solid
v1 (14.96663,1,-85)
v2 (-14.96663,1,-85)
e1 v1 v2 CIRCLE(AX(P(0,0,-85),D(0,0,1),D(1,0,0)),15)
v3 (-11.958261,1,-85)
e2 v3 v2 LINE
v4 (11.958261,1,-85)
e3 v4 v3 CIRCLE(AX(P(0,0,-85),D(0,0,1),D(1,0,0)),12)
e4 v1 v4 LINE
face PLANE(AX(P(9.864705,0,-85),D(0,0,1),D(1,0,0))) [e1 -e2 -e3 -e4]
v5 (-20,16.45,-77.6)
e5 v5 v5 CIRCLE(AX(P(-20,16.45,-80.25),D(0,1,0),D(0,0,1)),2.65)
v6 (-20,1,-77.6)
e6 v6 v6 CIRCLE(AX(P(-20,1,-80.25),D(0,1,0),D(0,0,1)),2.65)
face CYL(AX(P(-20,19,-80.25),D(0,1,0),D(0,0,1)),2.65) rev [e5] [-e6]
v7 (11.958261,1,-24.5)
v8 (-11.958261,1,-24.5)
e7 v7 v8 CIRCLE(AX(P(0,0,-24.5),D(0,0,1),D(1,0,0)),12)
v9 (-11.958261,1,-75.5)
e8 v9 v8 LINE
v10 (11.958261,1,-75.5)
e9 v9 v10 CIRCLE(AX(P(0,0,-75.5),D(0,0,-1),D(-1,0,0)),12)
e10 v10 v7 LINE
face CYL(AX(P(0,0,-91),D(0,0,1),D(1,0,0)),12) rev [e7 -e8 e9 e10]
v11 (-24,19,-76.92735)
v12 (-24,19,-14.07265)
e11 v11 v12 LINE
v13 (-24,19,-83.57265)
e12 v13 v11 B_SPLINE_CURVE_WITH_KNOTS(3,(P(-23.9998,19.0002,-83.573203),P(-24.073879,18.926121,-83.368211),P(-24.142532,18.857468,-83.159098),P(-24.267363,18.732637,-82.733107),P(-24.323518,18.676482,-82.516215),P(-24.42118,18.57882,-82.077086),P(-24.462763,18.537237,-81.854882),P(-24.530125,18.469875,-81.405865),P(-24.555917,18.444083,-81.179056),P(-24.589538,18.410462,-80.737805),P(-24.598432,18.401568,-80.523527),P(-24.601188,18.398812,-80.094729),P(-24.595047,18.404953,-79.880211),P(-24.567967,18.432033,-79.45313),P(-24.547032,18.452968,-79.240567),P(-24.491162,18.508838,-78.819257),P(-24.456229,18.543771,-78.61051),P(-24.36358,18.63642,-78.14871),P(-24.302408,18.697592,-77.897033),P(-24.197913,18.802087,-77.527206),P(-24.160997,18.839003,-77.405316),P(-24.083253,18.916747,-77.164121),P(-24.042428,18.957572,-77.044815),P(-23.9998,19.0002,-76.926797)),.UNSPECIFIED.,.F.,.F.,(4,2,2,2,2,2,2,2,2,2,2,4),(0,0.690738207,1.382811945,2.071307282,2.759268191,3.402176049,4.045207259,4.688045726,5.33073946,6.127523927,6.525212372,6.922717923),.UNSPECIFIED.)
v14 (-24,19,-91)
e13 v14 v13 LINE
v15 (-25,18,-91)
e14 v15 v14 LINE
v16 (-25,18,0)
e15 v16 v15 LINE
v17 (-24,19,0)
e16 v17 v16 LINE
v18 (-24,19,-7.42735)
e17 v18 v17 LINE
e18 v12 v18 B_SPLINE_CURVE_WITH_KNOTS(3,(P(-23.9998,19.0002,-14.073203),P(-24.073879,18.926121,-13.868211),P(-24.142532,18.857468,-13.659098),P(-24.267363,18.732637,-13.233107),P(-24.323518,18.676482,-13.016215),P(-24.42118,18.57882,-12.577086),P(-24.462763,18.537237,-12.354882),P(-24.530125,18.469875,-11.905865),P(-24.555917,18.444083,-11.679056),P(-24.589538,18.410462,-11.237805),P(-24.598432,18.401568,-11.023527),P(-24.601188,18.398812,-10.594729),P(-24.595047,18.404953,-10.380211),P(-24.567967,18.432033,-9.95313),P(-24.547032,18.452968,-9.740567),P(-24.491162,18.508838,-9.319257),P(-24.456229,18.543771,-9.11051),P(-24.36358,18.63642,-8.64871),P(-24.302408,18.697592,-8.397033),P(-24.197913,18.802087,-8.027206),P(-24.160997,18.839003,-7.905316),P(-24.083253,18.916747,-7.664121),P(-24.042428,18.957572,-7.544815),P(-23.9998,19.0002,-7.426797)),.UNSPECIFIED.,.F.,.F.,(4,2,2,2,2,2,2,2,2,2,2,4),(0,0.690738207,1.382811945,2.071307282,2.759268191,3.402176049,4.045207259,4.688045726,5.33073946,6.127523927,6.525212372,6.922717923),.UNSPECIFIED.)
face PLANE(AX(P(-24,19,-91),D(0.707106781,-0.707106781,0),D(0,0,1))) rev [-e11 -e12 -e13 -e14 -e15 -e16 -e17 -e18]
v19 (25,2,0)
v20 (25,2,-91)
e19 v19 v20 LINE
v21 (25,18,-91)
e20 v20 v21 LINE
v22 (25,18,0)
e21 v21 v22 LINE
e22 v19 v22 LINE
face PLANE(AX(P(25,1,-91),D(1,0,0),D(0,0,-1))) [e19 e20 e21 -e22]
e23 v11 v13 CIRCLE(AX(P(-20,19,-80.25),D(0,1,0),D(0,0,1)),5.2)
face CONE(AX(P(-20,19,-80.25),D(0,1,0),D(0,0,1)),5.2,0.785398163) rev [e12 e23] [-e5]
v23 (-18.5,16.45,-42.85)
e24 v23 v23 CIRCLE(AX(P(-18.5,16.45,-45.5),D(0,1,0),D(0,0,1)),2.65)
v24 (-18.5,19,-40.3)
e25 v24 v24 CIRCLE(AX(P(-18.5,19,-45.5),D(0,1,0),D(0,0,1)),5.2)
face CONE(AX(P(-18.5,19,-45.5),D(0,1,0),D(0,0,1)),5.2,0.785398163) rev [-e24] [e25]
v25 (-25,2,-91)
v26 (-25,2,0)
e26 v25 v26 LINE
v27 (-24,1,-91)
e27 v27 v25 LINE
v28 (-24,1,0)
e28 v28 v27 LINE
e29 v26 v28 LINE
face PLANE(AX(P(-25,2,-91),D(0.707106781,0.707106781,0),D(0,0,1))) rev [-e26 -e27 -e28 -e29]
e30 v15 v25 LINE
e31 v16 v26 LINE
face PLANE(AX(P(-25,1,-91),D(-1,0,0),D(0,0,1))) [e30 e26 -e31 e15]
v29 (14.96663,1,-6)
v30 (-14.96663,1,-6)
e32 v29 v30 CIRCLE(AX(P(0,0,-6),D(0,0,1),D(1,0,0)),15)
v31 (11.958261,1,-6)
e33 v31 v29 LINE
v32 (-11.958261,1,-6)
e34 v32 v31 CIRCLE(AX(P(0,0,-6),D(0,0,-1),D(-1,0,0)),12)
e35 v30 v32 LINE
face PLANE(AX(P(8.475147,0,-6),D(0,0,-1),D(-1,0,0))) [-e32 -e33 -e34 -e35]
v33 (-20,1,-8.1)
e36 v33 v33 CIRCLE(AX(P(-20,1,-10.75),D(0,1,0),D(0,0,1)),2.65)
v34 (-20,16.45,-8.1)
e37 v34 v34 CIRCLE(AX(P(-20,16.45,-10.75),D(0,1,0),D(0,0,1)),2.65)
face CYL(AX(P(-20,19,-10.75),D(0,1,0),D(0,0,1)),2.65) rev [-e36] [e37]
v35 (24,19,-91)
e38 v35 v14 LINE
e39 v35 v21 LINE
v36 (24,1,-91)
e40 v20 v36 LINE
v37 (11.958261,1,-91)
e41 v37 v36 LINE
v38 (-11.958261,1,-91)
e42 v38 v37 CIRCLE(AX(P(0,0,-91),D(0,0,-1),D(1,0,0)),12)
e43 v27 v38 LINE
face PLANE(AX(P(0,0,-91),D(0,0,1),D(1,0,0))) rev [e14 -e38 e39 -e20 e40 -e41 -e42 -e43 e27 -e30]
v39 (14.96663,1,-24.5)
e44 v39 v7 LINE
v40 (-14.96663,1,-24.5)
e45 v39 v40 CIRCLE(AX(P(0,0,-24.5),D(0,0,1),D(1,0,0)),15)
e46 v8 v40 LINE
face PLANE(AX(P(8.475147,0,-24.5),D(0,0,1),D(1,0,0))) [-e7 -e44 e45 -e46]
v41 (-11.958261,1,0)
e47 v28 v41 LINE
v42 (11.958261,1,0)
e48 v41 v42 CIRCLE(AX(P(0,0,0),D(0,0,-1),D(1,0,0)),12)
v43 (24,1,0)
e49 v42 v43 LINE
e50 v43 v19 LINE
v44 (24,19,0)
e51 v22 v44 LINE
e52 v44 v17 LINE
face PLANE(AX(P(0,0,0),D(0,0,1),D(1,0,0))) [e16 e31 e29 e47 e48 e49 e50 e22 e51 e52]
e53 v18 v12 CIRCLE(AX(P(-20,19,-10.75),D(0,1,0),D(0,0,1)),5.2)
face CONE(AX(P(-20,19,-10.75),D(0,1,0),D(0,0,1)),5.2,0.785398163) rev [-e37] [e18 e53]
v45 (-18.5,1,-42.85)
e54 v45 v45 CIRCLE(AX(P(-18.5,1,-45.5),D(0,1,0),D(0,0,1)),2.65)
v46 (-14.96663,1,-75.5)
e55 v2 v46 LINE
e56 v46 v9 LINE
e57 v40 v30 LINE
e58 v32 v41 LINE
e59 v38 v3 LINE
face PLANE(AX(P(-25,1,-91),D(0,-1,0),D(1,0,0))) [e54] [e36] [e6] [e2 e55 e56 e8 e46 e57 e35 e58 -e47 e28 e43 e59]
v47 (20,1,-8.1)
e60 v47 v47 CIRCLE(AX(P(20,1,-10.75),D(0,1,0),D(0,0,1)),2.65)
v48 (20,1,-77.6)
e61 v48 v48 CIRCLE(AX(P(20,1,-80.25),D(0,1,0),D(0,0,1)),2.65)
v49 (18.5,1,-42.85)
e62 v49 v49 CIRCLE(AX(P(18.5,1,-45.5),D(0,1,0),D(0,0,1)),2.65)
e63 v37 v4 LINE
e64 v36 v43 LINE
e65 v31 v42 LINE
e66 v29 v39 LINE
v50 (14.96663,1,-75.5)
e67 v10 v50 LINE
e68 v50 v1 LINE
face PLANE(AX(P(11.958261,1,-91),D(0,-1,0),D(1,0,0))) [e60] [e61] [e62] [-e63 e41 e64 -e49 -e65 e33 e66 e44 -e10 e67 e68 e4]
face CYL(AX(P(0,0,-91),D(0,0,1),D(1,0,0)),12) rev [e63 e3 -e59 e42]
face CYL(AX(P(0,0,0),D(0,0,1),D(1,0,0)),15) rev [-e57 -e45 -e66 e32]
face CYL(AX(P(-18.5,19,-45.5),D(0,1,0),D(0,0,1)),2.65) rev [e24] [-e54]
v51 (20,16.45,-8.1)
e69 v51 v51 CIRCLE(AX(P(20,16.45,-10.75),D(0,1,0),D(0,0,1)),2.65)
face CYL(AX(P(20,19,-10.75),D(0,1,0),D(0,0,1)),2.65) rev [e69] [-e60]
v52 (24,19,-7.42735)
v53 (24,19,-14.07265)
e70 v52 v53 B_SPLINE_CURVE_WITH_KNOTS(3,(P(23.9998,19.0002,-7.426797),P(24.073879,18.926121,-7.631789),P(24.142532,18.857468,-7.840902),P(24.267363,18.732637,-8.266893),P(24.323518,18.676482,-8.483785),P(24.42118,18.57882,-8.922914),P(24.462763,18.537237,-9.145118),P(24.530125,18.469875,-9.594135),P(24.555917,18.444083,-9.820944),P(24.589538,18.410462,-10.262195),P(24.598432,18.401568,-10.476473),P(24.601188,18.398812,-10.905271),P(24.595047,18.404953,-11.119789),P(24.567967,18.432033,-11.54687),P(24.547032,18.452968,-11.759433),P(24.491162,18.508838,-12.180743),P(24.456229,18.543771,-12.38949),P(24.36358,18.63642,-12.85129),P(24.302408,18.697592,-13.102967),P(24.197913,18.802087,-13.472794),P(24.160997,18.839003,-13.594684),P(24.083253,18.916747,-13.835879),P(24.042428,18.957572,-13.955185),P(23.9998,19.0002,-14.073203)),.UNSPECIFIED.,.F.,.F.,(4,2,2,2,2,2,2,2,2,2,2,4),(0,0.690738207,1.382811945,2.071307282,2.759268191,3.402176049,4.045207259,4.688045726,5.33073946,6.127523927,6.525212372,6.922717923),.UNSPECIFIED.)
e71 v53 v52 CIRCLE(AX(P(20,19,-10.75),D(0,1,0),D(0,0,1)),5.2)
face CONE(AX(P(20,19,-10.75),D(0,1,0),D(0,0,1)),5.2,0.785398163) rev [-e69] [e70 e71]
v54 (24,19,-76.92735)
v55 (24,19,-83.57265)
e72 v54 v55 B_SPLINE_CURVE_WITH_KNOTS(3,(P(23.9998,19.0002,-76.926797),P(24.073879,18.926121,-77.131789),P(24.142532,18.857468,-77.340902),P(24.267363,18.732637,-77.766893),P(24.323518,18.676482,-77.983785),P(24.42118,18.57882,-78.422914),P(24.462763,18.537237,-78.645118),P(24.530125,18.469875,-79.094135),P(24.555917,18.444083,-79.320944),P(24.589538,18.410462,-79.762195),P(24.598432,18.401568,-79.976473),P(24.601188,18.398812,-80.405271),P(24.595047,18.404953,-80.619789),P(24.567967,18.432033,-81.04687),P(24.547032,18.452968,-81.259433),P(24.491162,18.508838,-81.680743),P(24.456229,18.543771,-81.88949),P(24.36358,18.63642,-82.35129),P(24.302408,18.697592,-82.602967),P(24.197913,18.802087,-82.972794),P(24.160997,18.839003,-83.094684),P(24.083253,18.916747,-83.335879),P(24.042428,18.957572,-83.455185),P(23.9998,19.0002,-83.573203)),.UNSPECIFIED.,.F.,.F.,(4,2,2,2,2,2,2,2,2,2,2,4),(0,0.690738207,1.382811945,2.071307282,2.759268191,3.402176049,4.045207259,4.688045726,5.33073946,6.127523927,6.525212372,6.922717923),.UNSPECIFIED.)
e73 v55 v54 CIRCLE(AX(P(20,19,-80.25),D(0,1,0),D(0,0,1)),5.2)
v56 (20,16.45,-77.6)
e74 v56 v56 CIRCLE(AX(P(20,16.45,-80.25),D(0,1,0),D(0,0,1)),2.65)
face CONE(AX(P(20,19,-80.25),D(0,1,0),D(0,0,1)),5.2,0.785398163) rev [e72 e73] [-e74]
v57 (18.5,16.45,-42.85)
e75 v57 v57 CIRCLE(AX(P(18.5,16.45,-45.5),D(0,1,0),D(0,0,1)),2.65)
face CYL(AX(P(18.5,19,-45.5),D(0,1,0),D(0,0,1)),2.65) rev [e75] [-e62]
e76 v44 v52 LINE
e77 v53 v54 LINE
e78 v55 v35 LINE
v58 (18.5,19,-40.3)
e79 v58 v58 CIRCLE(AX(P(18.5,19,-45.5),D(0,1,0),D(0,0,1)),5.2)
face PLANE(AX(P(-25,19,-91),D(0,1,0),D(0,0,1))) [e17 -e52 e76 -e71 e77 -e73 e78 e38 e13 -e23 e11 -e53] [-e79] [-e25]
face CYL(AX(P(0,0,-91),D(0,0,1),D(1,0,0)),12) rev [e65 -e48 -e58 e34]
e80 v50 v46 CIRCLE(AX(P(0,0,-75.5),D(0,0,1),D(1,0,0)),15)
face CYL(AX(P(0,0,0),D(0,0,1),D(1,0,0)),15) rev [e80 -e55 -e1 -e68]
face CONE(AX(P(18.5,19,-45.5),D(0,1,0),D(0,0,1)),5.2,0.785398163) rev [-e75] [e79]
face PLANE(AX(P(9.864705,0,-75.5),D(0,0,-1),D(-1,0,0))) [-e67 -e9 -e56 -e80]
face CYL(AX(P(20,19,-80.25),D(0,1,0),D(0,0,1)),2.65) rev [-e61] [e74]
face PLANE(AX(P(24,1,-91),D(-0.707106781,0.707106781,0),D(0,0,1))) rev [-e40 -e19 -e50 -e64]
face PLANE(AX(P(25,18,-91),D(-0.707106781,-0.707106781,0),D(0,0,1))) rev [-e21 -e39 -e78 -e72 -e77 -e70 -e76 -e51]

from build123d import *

# Parameters (mm, degrees)
BOSS_EXTRUDE1_DEPTH         = 91
CHAMFER1_SIZE               = 1
SKETCH2_W                   = 6.524852915
SKETCH2_H                   = 18.5
SKETCH2_W_2                 = 5.135295392
SKETCH2_H_2                 = 9.5
HOLE_WIZARD_M51_D           = 5.3
HOLE_WIZARD_M51_CSINK_D     = 10.4
HOLE_WIZARD_M51_CSINK_ANGLE = 90


with BuildPart() as part:
    # Sketch1 → Boss-Extrude1 (new body)
    with BuildSketch(Plane.XY):
        with BuildLine():
            Line((11.958260743, 1), (25, 1))
            Line((25, 1), (25, 19))
            Line((25, 19), (-25, 19))
            Line((-25, 19), (-25, 1))
            Line((-25, 1), (-11.958260743, 1))
            ThreePointArc((-11.958260743, 1), (0, 12), (11.958260743, 1))
        make_face()
    extrude(amount=-BOSS_EXTRUDE1_DEPTH)

    # Chamfer1
    chamfer1_edges = [part.edges().sort_by_distance(p)[0] for p in [
        (-25, 19, -45.5),
        (25, 19, -45.5),
        (25, 1, -45.5),
        (-25, 1, -45.5),
    ]]
    chamfer(chamfer1_edges, length=CHAMFER1_SIZE)

    # Sketch2 → Cut-Revolve2 (revolve, cut)
    with BuildSketch(Plane.XZ):
        with Locations((11.737573543, -15.25)):
            Rectangle(SKETCH2_W, SKETCH2_H)
        with Locations((12.432352304, -80.25)):
            Rectangle(SKETCH2_W_2, SKETCH2_H_2)
    revolve(axis=Axis((0, 0, 0), (0, 0, -1)), mode=Mode.SUBTRACT)

    # Зенковка для  винта с плоской головкой M51 (through all)
    with Locations(Plane(origin=(0, 19, 0), x_dir=(1, 0, 0), z_dir=(0, 1, 0))):
        with Locations((-20, 80.25), (20, 80.25), (18.5, 45.5), (-18.5, 45.5), (-20, 10.75), (20, 10.75)):
            CounterSinkHole(HOLE_WIZARD_M51_D / 2, HOLE_WIZARD_M51_CSINK_D / 2, counter_sink_angle=HOLE_WIZARD_M51_CSINK_ANGLE)


solid = part.part
